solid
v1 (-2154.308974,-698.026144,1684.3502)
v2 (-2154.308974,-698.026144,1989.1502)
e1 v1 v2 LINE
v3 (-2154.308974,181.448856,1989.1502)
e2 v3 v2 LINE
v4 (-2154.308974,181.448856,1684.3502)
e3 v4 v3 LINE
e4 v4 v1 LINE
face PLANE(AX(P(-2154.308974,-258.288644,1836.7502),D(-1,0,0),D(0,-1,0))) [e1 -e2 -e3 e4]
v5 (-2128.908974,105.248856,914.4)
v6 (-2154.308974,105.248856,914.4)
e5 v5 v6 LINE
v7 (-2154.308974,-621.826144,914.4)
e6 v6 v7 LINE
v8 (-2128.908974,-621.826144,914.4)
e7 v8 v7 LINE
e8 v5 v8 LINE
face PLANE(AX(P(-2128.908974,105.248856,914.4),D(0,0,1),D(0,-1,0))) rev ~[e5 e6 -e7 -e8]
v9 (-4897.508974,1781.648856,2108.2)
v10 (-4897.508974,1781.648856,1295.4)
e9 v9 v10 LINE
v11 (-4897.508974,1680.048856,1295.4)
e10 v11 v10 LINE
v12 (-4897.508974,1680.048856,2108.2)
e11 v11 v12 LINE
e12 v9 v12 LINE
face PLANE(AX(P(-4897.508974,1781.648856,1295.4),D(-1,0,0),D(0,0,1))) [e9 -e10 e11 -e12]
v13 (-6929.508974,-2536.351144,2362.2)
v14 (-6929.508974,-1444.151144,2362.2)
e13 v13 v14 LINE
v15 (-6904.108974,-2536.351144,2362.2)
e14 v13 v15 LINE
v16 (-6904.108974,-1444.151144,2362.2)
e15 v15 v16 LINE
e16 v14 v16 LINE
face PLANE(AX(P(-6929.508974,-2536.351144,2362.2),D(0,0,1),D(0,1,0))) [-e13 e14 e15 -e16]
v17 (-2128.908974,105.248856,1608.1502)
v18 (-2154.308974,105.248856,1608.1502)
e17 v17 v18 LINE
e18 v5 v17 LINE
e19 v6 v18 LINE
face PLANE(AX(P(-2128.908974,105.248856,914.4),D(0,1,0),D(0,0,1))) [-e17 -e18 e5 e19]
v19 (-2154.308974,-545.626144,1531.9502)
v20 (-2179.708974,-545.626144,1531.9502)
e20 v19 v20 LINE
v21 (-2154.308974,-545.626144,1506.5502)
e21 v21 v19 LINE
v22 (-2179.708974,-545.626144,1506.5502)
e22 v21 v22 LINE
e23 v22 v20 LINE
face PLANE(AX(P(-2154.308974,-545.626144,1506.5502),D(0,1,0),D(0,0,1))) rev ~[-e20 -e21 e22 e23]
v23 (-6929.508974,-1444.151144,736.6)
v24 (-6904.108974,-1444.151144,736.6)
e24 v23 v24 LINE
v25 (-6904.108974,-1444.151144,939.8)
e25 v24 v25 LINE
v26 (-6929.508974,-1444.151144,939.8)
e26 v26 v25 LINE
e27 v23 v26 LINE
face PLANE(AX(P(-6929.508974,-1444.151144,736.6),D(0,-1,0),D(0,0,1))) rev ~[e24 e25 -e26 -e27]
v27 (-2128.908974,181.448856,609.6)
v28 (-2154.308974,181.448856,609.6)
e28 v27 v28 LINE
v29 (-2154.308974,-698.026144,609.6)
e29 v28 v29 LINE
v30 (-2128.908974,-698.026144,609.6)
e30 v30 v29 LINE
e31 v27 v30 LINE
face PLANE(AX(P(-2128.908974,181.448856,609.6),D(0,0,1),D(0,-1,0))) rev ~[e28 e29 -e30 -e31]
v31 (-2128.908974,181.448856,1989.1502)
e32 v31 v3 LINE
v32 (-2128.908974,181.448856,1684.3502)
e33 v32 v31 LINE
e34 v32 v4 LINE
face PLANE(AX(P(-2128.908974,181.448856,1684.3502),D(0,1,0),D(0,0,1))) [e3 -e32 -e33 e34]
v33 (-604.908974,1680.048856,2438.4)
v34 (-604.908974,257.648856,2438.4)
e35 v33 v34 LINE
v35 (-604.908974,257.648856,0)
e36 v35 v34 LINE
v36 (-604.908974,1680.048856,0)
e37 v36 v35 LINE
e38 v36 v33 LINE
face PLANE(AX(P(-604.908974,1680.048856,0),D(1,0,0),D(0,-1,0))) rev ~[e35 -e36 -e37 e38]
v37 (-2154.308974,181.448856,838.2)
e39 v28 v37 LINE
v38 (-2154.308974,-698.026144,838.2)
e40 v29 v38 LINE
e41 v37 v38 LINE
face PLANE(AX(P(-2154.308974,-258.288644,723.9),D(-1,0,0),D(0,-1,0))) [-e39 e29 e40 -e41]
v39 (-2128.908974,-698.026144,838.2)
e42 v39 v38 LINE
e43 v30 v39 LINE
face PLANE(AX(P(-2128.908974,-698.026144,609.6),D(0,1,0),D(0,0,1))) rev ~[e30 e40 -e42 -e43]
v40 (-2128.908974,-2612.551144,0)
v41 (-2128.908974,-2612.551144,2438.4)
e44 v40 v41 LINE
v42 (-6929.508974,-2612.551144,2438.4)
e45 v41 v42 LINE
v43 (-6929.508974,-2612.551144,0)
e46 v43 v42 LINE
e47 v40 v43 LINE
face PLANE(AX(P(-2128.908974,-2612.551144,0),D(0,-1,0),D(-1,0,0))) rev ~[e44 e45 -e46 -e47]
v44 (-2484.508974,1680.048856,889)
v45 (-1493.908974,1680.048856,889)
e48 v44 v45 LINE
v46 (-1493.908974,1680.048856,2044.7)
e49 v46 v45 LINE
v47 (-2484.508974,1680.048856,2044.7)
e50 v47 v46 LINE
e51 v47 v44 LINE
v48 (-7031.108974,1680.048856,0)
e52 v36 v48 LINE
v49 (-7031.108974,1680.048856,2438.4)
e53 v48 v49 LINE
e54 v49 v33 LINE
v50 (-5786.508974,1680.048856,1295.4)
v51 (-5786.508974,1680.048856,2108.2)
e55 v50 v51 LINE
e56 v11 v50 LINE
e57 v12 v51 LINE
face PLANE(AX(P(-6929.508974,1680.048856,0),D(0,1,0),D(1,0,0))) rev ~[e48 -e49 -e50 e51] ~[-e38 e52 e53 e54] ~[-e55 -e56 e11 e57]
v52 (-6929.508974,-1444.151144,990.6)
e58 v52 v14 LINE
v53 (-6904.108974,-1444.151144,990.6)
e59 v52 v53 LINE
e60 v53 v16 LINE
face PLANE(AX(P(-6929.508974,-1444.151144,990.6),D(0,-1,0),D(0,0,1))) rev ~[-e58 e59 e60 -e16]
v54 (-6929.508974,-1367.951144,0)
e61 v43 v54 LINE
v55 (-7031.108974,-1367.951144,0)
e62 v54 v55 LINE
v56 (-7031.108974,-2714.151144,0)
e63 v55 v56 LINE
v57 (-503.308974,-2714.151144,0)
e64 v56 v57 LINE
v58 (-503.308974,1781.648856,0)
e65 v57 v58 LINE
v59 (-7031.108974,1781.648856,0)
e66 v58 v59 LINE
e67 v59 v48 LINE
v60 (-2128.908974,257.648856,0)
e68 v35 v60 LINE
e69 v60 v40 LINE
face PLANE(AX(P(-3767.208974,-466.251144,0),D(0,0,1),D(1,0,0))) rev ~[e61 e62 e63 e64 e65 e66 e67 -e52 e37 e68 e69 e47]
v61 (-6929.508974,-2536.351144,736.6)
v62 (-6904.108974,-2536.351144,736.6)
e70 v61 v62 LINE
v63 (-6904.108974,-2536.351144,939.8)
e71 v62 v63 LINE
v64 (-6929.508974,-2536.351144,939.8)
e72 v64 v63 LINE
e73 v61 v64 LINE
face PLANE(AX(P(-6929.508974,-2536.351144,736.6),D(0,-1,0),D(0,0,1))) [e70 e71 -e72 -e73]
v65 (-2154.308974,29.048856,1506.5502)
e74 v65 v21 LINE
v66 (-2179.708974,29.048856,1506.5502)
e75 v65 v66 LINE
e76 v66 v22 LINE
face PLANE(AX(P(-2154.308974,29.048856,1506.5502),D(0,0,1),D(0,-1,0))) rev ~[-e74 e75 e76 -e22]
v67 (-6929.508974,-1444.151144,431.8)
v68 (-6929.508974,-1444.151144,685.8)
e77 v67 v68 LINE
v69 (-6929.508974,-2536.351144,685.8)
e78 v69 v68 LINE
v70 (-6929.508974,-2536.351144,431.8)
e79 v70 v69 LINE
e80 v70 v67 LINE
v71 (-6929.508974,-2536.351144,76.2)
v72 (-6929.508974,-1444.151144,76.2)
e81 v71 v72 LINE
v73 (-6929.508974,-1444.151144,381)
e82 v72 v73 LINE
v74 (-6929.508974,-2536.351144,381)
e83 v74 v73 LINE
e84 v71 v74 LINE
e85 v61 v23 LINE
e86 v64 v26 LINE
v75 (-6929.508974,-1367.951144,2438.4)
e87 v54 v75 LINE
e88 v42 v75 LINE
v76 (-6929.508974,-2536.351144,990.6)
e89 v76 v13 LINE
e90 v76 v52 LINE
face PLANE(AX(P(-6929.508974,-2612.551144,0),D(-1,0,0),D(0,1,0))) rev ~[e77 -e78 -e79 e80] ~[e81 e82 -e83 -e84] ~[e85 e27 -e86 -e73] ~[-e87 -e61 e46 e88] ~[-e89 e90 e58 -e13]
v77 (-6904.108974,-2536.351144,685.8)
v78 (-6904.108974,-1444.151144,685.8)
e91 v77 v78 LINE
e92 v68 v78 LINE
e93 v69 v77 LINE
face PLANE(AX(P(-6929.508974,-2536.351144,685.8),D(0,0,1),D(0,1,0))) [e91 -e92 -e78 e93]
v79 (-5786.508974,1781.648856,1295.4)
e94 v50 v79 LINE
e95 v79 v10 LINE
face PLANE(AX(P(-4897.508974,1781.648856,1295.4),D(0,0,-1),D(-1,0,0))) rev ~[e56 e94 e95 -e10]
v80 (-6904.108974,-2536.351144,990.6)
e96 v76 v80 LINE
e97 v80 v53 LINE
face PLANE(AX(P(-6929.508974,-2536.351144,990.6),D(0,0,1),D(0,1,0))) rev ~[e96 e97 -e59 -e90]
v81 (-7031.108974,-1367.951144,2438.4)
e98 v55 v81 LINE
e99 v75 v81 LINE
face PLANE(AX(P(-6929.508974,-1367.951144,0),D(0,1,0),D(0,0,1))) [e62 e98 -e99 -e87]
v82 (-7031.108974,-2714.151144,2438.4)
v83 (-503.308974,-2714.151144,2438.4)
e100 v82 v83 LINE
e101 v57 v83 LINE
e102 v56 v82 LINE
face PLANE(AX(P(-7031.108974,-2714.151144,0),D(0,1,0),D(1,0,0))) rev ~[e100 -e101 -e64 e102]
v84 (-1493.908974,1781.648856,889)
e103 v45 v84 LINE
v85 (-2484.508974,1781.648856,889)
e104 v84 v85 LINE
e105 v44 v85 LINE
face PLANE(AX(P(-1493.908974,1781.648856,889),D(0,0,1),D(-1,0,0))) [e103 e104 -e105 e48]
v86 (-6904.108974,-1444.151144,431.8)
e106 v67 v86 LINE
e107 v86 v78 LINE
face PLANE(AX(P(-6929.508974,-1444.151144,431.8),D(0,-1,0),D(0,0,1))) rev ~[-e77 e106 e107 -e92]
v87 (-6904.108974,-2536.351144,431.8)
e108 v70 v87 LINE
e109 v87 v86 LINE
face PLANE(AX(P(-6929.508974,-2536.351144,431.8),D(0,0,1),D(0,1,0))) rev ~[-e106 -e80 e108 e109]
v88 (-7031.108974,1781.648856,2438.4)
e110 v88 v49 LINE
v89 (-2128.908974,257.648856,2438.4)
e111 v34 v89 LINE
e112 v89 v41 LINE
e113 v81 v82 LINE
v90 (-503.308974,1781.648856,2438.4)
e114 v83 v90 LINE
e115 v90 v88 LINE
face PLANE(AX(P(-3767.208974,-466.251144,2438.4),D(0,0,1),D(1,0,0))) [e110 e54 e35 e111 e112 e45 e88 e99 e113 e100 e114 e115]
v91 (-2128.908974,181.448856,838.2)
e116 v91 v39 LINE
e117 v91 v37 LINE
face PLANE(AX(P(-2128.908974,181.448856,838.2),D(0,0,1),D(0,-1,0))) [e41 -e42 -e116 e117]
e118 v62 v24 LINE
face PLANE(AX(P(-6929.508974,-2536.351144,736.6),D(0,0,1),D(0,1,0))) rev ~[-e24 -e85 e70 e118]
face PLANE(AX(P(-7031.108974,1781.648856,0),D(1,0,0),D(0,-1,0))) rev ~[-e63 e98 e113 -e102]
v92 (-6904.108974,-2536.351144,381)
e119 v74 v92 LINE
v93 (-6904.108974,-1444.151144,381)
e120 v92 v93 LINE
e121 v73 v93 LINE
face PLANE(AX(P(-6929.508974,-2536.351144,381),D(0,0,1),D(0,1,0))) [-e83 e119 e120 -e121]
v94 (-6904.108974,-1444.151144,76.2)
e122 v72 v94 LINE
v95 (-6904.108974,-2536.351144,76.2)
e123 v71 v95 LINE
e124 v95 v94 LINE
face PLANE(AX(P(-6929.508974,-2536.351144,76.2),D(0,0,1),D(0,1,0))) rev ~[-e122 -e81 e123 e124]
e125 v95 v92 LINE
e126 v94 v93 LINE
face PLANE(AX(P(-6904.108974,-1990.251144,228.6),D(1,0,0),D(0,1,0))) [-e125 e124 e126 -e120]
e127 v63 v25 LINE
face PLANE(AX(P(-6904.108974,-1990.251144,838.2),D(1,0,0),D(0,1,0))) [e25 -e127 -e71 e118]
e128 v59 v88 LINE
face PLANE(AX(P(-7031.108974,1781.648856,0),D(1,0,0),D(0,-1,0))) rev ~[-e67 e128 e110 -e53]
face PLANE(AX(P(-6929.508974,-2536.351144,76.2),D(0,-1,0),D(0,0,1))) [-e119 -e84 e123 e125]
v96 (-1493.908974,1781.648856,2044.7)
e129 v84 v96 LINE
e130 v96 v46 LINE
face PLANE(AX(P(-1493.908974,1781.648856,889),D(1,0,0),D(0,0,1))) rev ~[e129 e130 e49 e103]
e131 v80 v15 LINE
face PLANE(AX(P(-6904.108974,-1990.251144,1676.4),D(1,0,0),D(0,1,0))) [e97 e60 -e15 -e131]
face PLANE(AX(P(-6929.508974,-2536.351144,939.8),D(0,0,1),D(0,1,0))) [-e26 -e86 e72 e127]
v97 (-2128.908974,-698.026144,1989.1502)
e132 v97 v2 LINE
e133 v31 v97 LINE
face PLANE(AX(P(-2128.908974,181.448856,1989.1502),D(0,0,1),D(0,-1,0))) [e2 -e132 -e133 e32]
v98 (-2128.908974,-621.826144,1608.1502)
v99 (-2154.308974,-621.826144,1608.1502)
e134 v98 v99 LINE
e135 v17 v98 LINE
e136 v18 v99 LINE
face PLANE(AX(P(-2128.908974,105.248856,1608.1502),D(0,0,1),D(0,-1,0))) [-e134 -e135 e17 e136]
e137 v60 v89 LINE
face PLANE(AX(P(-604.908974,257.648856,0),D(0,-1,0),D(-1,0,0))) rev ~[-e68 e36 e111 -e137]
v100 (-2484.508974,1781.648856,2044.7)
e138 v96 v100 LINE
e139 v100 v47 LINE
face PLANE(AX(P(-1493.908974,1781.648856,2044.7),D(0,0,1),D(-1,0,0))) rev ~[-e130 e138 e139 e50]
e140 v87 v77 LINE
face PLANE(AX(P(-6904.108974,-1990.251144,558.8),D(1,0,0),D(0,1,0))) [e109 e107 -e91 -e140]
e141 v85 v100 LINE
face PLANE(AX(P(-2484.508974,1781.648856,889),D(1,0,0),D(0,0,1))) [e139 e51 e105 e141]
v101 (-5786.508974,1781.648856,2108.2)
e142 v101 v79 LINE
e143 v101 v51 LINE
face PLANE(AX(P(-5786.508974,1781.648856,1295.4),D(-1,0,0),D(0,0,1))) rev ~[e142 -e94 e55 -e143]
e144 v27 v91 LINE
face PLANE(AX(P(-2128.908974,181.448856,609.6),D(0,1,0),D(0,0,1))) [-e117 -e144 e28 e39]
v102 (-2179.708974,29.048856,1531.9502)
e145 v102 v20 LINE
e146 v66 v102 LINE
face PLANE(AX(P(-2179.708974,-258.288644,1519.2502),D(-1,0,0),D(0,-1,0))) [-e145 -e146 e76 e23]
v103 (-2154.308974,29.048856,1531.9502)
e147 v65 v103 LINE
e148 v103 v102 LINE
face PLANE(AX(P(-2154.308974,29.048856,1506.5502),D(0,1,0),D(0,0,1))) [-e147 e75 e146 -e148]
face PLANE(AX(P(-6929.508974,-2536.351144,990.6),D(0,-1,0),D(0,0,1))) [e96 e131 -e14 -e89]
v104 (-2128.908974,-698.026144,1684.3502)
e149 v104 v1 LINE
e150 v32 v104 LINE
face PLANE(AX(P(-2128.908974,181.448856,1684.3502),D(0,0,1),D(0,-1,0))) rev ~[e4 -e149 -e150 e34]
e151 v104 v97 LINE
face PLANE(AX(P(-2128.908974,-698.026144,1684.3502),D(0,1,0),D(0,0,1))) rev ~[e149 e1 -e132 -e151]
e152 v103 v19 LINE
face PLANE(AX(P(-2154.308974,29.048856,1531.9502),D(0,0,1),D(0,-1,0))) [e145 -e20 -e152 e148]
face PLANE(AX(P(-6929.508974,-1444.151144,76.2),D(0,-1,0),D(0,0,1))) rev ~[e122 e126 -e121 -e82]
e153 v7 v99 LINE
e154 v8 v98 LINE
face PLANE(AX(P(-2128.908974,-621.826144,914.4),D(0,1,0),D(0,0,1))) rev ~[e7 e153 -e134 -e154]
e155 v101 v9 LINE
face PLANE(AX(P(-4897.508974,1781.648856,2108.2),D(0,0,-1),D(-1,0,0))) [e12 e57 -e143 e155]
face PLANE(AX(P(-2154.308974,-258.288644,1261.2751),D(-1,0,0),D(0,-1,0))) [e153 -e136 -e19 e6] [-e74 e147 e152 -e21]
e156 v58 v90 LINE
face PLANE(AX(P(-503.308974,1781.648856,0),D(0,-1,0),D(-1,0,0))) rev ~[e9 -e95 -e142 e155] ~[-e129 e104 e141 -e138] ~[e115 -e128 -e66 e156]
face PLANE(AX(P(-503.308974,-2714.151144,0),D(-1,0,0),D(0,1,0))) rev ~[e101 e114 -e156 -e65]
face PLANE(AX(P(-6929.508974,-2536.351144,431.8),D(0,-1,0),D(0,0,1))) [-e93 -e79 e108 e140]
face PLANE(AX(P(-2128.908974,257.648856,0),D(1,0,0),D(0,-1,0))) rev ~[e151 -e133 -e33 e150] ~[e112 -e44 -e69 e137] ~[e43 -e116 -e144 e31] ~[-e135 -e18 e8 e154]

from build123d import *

# Parameters (mm, degrees)
F1_DEPTH  = 2438.4
F2_W      = 990.6
F2_H      = 1155.7
F2_W_2    = 889
F2_H_2    = 812.8
F3_DEPTH  = 127
F4_W      = 3048
F4_H      = 2438.4
F5_DEPTH  = 101.6
F6_W      = 727.075
F6_H      = 693.7502
F7_DEPTH  = 25.4
F8_W      = 574.675
F8_H      = 25.4
F9_DEPTH  = 25.4
F10_W     = 879.475
F10_H     = 304.8
F10_H_2   = 228.6
F11_DEPTH = 25.4
F12_W     = 1092.2
F12_H     = 304.8
F12_H_2   = 254
F12_H_3   = 203.2
F12_H_4   = 1371.6
F13_DEPTH = 25.4


with BuildPart() as f1:
    # F0 (on Top) → F1 (new body)
    with BuildSketch(Plane.XY):
        Polygon((-503.308974, 1781.648856), (-7031.108974, 1781.648856), (-7031.108974, -1063.151144), (-7031.108974, -2714.151144), (-503.308974, -2714.151144), align=None)
        Polygon((-604.908974, 1680.048856), (-604.908974, 257.648856), (-2128.908974, 257.648856), (-2128.908974, -2612.551144), (-6929.508974, -2612.551144), (-6929.508974, 1680.048856), align=None, mode=Mode.SUBTRACT)
    extrude(amount=F1_DEPTH)

    # F2 (on face) → F3 (cut, symmetric)
    with BuildSketch(Plane(origin=(0, 1781.648856, 0), x_dir=(-1, 0, 0), z_dir=(0, 1, 0))):
        with Locations((1989.208974, 1466.85)):
            Rectangle(F2_W, F2_H)
        with Locations((5342.008974, 1701.8)):
            Rectangle(F2_W_2, F2_H_2)
    extrude(amount=F3_DEPTH, both=True, mode=Mode.SUBTRACT)

    # F4 (on face) → F5 (cut, through all)
    with BuildSketch(Plane.YZ.offset(-6929.508974)):
        with Locations((156.048856, 1219.2)):
            Rectangle(F4_W, F4_H)
    extrude(amount=-F5_DEPTH, mode=Mode.SUBTRACT)

    # F6 (on face) → F7 (join)
    with BuildSketch(Plane(origin=(-2128.908974, 0, 0), x_dir=(0, -1, 0), z_dir=(-1, 0, 0))):
        with Locations((258.288644, 1261.2751)):
            Rectangle(F6_W, F6_H)
    extrude(amount=F7_DEPTH)

    # F8 (on face) → F9 (join)
    with BuildSketch(Plane(origin=(-2154.308974, 0, 0), x_dir=(0, -1, 0), z_dir=(-1, 0, 0))):
        with Locations((258.288644, 1519.2502)):
            Rectangle(F8_W, F8_H)
    extrude(amount=F9_DEPTH)

    # F10 (on face) → F11 (join)
    with BuildSketch(Plane(origin=(-2128.908974, 0, 0), x_dir=(0, -1, 0), z_dir=(-1, 0, 0))):
        with Locations((258.288644, 1836.7502)):
            Rectangle(F10_W, F10_H)
        with Locations((258.288644, 723.9)):
            Rectangle(F10_W, F10_H_2)
    extrude(amount=F11_DEPTH)

    # F12 (on face) → F13 (join)
    with BuildSketch(Plane.YZ.offset(-6929.508974)):
        with Locations((-1990.251144, 228.6)):
            Rectangle(F12_W, F12_H)
        with Locations((-1990.251144, 558.8)):
            Rectangle(F12_W, F12_H_2)
        with Locations((-1990.251144, 838.2)):
            Rectangle(F12_W, F12_H_3)
        with Locations((-1990.251144, 1676.4)):
            Rectangle(F12_W, F12_H_4)
    extrude(amount=F13_DEPTH)


solid = f1.part
